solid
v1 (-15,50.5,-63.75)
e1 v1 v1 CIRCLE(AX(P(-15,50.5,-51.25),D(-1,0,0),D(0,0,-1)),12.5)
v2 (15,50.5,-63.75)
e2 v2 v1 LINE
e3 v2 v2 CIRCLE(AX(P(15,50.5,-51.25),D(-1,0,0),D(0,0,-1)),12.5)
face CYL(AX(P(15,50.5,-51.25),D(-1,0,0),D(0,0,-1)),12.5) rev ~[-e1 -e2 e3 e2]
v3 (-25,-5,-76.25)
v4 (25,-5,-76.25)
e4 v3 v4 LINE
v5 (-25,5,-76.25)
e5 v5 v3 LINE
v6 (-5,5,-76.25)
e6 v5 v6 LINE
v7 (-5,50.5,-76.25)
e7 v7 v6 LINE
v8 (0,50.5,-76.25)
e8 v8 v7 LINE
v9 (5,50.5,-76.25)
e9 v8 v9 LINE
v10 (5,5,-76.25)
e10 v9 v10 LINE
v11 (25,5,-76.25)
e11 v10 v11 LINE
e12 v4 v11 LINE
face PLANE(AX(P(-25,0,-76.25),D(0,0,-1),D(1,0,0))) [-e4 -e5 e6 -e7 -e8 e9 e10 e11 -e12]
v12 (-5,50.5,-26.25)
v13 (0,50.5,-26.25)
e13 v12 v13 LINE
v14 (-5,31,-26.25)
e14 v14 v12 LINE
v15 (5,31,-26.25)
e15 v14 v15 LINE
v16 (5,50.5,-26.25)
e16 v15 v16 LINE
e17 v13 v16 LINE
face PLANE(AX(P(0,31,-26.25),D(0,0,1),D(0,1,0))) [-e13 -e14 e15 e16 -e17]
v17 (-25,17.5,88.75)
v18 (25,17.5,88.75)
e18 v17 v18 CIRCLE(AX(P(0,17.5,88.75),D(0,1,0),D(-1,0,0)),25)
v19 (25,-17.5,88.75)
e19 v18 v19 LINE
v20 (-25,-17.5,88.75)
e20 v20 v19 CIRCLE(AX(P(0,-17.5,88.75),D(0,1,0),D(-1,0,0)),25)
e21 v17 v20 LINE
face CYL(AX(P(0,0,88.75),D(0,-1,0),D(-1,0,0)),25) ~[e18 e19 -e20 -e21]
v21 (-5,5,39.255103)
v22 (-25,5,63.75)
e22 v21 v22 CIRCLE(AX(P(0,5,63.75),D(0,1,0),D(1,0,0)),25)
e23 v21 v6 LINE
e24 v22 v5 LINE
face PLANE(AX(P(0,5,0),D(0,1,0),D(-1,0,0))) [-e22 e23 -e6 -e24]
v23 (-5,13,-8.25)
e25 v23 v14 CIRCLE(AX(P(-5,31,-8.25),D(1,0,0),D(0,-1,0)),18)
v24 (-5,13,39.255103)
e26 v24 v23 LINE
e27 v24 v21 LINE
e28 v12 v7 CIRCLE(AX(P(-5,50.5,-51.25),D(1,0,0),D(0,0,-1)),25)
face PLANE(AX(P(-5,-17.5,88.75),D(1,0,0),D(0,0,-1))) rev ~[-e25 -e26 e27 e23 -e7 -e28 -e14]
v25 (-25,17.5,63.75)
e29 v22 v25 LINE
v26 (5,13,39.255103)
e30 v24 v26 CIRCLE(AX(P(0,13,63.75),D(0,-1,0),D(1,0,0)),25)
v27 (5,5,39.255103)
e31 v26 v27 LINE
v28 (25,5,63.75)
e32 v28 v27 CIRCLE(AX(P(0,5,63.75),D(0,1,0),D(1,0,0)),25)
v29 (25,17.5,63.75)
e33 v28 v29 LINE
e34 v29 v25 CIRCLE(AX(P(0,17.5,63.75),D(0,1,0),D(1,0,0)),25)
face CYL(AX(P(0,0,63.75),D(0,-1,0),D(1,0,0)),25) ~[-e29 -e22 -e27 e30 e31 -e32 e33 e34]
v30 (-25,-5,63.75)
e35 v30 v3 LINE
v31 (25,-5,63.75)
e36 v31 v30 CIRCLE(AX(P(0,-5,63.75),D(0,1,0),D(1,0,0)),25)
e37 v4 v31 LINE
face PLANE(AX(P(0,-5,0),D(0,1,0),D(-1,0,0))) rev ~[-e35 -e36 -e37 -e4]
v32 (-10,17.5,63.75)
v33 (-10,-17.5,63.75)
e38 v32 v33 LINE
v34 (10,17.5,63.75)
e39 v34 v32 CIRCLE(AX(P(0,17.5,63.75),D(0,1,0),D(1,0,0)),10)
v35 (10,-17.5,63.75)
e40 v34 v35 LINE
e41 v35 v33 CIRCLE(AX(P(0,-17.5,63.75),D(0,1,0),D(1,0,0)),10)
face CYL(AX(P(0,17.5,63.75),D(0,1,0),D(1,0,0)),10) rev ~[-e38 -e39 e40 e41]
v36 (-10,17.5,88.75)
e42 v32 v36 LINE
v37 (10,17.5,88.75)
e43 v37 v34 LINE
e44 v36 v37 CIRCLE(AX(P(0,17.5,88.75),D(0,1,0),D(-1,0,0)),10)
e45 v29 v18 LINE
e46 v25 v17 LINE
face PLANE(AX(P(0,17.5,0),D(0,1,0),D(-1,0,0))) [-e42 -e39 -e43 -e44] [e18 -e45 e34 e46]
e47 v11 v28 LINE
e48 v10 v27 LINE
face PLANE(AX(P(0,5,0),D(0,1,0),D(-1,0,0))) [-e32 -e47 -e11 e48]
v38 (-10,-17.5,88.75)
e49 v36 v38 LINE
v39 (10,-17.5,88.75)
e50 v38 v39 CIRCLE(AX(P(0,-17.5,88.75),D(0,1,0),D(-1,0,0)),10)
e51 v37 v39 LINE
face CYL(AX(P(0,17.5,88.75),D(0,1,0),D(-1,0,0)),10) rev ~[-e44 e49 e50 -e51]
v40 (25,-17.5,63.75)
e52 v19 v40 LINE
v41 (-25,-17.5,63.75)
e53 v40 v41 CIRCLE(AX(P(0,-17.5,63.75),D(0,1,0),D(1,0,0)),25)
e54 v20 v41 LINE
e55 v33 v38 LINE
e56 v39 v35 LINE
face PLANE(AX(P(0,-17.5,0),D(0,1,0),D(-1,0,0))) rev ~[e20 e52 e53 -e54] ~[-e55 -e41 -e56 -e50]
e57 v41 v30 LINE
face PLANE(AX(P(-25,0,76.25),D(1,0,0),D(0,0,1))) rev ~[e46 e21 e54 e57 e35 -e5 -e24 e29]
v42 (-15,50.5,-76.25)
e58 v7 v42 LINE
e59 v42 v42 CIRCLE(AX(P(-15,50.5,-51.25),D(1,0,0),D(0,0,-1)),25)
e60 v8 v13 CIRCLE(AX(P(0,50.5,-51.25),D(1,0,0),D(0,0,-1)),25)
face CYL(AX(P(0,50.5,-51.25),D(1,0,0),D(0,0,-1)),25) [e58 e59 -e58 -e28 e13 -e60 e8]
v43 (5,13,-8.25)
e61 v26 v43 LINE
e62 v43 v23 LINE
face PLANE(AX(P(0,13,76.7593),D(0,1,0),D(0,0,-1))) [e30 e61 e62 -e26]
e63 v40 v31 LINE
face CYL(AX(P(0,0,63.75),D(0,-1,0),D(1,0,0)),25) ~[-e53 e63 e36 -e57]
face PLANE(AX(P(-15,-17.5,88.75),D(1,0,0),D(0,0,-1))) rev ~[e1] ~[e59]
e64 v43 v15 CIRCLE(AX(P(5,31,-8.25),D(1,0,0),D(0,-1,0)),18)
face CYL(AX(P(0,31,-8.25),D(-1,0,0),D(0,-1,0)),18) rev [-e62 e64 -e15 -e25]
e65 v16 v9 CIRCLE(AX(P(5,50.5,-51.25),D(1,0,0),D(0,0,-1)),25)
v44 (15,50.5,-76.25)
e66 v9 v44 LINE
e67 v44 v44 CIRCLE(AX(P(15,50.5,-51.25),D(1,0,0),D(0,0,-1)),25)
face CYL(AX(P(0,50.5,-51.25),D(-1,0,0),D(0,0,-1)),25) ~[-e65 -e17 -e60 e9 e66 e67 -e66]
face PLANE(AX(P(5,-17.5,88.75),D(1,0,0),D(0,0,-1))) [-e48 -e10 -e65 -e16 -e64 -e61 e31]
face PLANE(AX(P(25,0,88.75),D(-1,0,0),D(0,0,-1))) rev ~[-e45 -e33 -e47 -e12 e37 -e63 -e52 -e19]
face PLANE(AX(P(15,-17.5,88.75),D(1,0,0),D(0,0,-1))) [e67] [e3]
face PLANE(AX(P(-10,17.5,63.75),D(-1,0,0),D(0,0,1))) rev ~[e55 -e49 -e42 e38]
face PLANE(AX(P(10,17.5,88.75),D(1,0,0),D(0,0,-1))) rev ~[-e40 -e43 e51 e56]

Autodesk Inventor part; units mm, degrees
ref_plane "YZ Plane" through (0, 0, 0) normal (1, 0, 0) x (0, 1, 0)
ref_plane "XZ Plane" through (0, 0, 0) normal (0, 1, 0) x (-1, 0, 0)
sketch "Esboço1" plane through (0, 0, 0) normal (0, 1, 0) x (-1, 0, 0)
  line L0 (-25, 76.25) -> (25, 76.25)
  line L1 (25, 76.25) -> (25, -76.25)
  line L2 (25, -76.25) -> (-25, -76.25)
  line L3 (-25, -76.25) -> (-25, 76.25)
  line L4 (-25, 76.25) -> (25, -76.25) construction
  line L5 (25, 76.25) -> (-25, -76.25) construction
  line L6 (0, 88.75) -> (0, 63.75) construction
  line L7 (-25, 88.75) -> (-25, 63.75)
  line L8 (25, 63.75) -> (25, 88.75)
  arc A0 (25, 88.75) -> (-25, 88.75) centre (0, 88.75) ccw
  arc A1 (-25, 63.75) -> (25, 63.75) centre (0, 63.75) ccw
  point P0 (0, 0)
  point P1 (0, 76.25)
  point P2 (0, 113.75)
  dimension "d1" = 25
  dimension "d2" = 50
  dimension "d3" = 190
extrude "Extrusão1" add sketch "Esboço1" along normal mid plane 35 contours L7 A0 L8 L0 | L0 L1 A1 L3
extrude "Extrusão2" add sketch "Esboço1" along normal mid plane 10 contours A1 L1 L2 L3
ref_plane "Plano de trabalho1" through (0, -17.5, 88.75) normal (1, 0, 0) x (0, 0, -1)
sketch "Esboço3" plane through (0, -17.5, 88.75) normal (1, 0, 0) x (0, 0, -1)
  circle A0 centre (140, 68) radius 25
  line L0 (165, 12.5) -> (165, 22.5) projected
  line L1 (165, 12.5) -> (25, 12.5) projected
  point P0 (88.75, 17.5)
  dimension "d8" = 50
  dimension "d9" = 55.5
extrude "Extrusão3" add sketch "Esboço3" along normal mid plane 30
sketch "Esboço5" plane through (0, -17.5, 88.75) normal (1, 0, 0) x (0, 0, -1)
  circle A0 centre (140, 68) radius 25 projected
  line L0 (165, 68) -> (165, 22.5)
  line L1 (165, 22.5) -> (11.9907, 22.5)
  line L2 (11.9907, 22.5) -> (11.9907, 30.5)
  line L3 (11.9907, 22.5) -> (165, 22.5)
  line L4 (115, 68) -> (165, 68)
  line L5 (11.9907, 30.5) -> (97, 30.5)
  line L6 (115, 48.5) -> (115, 68)
  line L7 (165, 22.5) -> (25, 22.5) projected
  arc A1 (97, 30.5) -> (115, 48.5) centre (97, 48.5) ccw
  line L8 (165, 22.5) -> (165, 12.5) projected
  point P0 (88.75, 17.5)
  dimension "d14" = 8
  dimension "d15" = 18
extrude "Extrusão4" add sketch "Esboço5" along normal mid plane 10 contours L0 L1 L2 L5 A1 L6 A0
sketch "Esboço6" plane through (15, 50.5, -51.25) normal (1, 0, 0) x (0, 0, -1)
  circle A0 centre (0, 0) radius 25 projected
  point P0 (-51.25, -50.5)
hole "Furo1" at (15, 50.5, -51.25) direction (-1, 0, 0) diameter 25 end through all
sketch "Esboço7" plane through (0, 17.5, 0) normal (0, 1, 0) x (1, 0, 0)
  line L0 (25, -88.75) -> (25, -63.75) projected
  arc A0 (25, -63.75) -> (-25, -63.75) centre (0, -63.75) ccw projected
  line L1 (-25, -63.75) -> (-25, -88.75) projected
  arc A1 (-25, -88.75) -> (25, -88.75) centre (0, -88.75) ccw projected
  line L2 (10, -88.75) -> (10, -63.75)
  arc A2 (10, -63.75) -> (-10, -63.75) centre (0, -63.75) ccw
  line L3 (-10, -63.75) -> (-10, -88.75)
  arc A3 (-10, -88.75) -> (10, -88.75) centre (0, -88.75) ccw
  point P0 (0, 0)
  dimension "d25" = 20
extrude "Extrusão5" cut sketch "Esboço7" against normal through all contours A3 L3 A2 L2
properties part number "Peça teste 6"
